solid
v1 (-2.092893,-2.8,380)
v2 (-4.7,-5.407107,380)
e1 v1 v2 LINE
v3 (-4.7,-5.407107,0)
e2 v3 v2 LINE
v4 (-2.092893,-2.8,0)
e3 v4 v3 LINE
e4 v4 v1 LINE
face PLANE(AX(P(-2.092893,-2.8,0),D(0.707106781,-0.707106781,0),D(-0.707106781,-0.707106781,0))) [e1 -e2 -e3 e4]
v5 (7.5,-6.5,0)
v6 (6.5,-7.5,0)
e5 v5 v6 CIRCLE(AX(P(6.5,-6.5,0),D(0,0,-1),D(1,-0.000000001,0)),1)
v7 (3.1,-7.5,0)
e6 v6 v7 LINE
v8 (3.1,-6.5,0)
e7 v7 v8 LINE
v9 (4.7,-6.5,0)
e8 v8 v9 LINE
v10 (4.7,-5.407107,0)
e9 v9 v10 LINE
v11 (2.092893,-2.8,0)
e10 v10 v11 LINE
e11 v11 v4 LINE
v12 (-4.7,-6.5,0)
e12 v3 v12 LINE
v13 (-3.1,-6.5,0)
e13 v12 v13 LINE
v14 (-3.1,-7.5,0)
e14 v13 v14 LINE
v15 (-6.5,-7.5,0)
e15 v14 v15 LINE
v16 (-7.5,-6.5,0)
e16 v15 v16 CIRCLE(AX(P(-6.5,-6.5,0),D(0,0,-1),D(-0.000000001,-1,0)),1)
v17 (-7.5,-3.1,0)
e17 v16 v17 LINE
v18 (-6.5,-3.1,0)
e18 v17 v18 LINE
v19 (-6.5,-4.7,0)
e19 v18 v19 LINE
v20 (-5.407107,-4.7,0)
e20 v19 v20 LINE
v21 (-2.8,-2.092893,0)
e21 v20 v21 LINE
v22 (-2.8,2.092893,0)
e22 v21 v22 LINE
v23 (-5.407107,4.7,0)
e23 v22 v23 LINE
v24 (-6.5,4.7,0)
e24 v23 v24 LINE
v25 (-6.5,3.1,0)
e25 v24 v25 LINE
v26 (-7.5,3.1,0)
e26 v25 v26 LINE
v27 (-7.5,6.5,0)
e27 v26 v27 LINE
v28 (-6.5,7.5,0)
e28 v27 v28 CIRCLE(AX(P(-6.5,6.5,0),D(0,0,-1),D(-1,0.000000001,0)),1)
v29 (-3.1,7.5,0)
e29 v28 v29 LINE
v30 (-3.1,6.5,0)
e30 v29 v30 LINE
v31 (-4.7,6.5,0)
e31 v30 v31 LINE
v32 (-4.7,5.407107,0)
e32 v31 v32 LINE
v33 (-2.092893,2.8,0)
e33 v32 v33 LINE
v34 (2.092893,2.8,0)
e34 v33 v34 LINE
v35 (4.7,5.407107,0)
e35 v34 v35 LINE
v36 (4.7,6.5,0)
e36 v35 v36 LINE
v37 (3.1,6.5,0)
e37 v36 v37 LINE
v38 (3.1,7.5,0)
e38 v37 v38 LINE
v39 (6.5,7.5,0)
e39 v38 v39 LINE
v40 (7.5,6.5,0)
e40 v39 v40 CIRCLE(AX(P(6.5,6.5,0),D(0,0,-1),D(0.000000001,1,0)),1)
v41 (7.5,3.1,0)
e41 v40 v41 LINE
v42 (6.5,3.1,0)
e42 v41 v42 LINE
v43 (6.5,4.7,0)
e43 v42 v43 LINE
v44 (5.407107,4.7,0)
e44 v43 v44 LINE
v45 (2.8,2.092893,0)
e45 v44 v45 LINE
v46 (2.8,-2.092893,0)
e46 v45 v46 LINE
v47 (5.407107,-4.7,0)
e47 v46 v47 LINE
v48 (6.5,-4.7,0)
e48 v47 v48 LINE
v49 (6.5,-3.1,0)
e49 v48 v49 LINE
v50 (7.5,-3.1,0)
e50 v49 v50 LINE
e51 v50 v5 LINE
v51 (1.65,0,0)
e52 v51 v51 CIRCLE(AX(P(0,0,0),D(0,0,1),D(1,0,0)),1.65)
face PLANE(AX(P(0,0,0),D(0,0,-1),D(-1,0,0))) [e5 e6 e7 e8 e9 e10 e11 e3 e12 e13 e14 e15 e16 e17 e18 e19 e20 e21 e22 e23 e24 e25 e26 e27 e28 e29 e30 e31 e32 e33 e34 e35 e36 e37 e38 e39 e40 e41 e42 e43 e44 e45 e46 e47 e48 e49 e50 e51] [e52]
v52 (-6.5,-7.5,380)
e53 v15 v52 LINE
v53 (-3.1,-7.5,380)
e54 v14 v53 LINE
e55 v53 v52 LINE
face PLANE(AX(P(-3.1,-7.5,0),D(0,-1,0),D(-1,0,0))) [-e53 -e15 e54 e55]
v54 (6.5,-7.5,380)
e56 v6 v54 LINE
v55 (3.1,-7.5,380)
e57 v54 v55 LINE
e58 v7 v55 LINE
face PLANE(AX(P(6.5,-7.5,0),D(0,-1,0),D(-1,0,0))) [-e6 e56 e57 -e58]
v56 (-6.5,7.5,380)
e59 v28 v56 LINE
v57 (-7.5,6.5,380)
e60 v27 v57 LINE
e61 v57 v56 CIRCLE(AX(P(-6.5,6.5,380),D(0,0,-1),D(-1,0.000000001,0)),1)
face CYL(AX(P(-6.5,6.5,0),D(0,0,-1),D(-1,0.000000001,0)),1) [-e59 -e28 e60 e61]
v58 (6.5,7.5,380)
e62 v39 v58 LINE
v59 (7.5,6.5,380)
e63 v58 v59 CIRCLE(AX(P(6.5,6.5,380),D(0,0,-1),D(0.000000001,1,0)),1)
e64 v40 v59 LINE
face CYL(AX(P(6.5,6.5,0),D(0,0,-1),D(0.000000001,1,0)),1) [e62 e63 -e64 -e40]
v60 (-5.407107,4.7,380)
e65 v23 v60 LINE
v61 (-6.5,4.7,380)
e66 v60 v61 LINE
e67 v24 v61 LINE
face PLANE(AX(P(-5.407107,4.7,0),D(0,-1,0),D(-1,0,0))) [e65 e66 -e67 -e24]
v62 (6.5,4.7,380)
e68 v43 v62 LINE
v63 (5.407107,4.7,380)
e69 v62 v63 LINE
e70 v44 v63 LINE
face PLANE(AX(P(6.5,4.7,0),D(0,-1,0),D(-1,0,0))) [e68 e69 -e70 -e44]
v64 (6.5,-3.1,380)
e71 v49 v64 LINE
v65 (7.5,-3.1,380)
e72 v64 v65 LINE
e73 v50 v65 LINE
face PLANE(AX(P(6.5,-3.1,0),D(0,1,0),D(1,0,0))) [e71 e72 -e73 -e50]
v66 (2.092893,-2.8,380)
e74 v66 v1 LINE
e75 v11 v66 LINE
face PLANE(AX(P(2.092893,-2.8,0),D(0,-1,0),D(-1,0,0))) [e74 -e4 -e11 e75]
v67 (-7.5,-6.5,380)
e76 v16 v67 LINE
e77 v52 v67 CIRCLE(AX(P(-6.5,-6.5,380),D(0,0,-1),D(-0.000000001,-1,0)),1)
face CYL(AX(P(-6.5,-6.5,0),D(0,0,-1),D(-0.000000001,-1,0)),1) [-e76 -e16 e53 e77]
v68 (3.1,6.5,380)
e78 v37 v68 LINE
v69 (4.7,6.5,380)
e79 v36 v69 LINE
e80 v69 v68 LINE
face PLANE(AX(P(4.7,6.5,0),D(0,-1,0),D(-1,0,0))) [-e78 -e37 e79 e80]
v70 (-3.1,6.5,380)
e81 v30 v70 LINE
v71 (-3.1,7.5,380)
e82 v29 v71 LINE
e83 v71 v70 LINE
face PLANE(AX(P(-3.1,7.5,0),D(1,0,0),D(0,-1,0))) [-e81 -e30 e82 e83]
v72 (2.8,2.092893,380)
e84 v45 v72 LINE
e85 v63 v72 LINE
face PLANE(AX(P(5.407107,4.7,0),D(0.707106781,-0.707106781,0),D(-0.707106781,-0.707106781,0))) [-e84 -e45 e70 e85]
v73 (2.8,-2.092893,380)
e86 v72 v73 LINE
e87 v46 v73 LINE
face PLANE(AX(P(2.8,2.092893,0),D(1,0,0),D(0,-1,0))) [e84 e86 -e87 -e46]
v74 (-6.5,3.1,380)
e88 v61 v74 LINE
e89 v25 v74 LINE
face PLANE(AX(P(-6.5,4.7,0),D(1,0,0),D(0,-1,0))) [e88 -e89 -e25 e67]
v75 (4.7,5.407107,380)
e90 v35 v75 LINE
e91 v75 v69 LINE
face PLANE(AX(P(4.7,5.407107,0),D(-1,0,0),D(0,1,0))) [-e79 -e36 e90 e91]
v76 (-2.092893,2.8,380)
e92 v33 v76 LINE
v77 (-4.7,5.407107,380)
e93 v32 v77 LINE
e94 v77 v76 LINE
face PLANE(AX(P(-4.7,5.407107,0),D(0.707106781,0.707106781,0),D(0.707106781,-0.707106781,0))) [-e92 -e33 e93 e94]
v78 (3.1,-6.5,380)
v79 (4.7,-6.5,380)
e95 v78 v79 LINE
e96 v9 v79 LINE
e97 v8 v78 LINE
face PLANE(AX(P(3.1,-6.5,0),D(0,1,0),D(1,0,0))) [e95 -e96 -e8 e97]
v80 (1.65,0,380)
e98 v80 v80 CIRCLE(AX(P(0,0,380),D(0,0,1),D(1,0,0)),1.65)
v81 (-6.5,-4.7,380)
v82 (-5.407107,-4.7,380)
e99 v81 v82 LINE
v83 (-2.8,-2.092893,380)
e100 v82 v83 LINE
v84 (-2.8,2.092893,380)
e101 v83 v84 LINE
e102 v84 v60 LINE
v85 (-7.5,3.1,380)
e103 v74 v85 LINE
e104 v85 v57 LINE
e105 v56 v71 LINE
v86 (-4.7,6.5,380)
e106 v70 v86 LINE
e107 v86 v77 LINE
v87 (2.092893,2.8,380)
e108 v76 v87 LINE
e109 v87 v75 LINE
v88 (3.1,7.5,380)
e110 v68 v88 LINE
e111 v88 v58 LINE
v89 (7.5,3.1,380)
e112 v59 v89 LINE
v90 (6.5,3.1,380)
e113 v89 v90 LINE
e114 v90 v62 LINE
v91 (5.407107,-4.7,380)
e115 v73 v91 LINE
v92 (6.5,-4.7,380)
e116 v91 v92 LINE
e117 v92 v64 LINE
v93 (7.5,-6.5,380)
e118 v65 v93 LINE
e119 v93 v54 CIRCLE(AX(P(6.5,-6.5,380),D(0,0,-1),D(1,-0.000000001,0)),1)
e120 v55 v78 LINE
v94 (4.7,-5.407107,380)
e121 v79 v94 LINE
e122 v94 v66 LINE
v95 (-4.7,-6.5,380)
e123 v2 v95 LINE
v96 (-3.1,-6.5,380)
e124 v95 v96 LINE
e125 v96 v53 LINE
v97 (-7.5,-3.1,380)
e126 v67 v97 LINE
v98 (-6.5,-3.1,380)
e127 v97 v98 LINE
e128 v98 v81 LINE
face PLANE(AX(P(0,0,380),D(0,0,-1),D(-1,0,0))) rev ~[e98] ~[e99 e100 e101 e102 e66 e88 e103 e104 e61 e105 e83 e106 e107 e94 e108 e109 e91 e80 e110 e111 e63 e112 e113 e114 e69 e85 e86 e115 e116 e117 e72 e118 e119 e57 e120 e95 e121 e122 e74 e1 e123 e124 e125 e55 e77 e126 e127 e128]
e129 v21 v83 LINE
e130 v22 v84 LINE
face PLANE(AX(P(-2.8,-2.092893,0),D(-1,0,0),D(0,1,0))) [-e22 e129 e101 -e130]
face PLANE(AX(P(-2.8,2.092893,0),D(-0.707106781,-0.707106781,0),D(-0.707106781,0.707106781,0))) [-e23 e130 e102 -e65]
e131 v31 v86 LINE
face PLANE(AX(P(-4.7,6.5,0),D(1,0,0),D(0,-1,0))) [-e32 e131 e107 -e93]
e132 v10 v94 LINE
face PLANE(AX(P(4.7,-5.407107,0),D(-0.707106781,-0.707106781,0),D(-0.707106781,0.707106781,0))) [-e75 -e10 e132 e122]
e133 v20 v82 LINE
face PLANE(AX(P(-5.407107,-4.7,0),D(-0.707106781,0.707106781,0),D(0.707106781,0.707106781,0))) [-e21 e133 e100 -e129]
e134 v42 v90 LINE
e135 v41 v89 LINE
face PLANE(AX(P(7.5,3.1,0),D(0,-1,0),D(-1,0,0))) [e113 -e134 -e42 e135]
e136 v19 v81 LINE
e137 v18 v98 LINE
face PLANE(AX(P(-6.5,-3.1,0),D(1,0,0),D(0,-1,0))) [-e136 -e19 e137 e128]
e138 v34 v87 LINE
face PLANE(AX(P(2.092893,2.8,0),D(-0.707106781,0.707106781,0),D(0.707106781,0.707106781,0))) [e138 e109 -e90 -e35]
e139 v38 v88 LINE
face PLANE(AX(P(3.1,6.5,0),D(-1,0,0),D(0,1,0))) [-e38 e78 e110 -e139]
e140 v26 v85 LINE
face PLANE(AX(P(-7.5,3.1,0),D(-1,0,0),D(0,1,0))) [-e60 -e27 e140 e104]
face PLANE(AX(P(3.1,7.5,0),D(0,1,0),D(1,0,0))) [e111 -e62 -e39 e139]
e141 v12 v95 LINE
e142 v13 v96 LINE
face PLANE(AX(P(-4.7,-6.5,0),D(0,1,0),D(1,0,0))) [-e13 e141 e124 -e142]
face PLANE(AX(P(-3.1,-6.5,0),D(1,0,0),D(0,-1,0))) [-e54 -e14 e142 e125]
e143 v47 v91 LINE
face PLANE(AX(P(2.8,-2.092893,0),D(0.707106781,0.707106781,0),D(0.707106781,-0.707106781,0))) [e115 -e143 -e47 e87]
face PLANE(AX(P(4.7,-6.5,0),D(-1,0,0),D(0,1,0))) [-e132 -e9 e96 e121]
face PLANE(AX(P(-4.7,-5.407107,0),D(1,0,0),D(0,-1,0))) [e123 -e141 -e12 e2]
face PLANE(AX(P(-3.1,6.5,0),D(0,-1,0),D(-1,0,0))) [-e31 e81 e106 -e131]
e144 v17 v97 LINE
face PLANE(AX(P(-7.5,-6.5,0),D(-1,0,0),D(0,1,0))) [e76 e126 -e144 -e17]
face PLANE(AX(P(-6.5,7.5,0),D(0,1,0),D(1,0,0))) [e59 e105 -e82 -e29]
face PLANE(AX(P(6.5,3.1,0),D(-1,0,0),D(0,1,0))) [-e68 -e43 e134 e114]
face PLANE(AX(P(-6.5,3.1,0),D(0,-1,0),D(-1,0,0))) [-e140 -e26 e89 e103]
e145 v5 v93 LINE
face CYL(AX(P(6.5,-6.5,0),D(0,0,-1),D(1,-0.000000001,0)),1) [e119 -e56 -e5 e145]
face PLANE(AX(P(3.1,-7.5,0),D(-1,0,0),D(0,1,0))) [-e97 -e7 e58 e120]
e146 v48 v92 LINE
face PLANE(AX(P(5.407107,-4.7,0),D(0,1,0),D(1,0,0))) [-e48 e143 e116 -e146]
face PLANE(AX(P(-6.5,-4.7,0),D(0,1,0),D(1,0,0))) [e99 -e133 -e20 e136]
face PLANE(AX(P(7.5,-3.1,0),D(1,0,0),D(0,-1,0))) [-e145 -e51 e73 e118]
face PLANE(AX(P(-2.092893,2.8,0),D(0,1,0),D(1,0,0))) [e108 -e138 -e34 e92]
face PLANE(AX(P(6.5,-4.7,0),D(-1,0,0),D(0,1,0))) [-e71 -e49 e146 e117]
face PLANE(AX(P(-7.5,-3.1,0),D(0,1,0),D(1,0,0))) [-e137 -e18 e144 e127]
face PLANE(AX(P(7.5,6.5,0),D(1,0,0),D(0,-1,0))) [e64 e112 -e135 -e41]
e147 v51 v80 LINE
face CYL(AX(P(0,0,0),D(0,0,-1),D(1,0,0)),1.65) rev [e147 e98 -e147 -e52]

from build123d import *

# Parameters (mm, degrees)
SKETCH_1_R      = 1.65
EXTRUDE_1_DEPTH = 380


with BuildPart() as part:
    # 草图1 → 凸台-拉伸1 (new body)
    with BuildSketch(Plane.XY):
        with BuildLine():
            Line((-2.092893219, 2.8), (2.092893219, 2.8))
            Line((2.092893219, 2.8), (4.7, 5.407106781))
            Line((4.7, 5.407106781), (4.7, 6.5))
            Line((4.7, 6.5), (3.1, 6.5))
            Line((3.1, 6.5), (3.1, 7.5))
            Line((3.1, 7.5), (6.5, 7.5))
            ThreePointArc((6.5, 7.5), (7.207106781, 7.207106781), (7.5, 6.5))
            Line((7.5, 6.5), (7.5, 3.1))
            Line((7.5, 3.1), (6.5, 3.1))
            Line((6.5, 3.1), (6.5, 4.7))
            Line((6.5, 4.7), (5.407106781, 4.7))
            Line((5.407106781, 4.7), (2.8, 2.092893219))
            Line((2.8, 2.092893219), (2.8, -2.092893219))
            Line((2.8, -2.092893219), (5.407106781, -4.7))
            Line((5.407106781, -4.7), (6.5, -4.7))
            Line((6.5, -4.7), (6.5, -3.1))
            Line((6.5, -3.1), (7.5, -3.1))
            Line((7.5, -3.1), (7.5, -6.5))
            ThreePointArc((7.5, -6.5), (7.207106781, -7.207106781), (6.5, -7.5))
            Line((6.5, -7.5), (3.1, -7.5))
            Line((3.1, -7.5), (3.1, -6.5))
            Line((3.1, -6.5), (4.7, -6.5))
            Line((4.7, -6.5), (4.7, -5.407106781))
            Line((4.7, -5.407106781), (2.092893219, -2.8))
            Line((2.092893219, -2.8), (-2.092893219, -2.8))
            Line((-2.092893219, -2.8), (-4.7, -5.407106781))
            Line((-4.7, -5.407106781), (-4.7, -6.5))
            Line((-4.7, -6.5), (-3.1, -6.5))
            Line((-3.1, -6.5), (-3.1, -7.5))
            Line((-3.1, -7.5), (-6.5, -7.5))
            ThreePointArc((-6.5, -7.5), (-7.207106781, -7.207106781), (-7.5, -6.5))
            Line((-7.5, -6.5), (-7.5, -3.1))
            Line((-7.5, -3.1), (-6.5, -3.1))
            Line((-6.5, -3.1), (-6.5, -4.7))
            Line((-6.5, -4.7), (-5.407106781, -4.7))
            Line((-5.407106781, -4.7), (-2.8, -2.092893219))
            Line((-2.8, -2.092893219), (-2.8, 2.092893219))
            Line((-2.8, 2.092893219), (-5.407106781, 4.7))
            Line((-5.407106781, 4.7), (-6.5, 4.7))
            Line((-6.5, 4.7), (-6.5, 3.1))
            Line((-6.5, 3.1), (-7.5, 3.1))
            Line((-7.5, 3.1), (-7.5, 6.5))
            ThreePointArc((-7.5, 6.5), (-7.207106781, 7.207106781), (-6.5, 7.5))
            Line((-6.5, 7.5), (-3.1, 7.5))
            Line((-3.1, 7.5), (-3.1, 6.5))
            Line((-3.1, 6.5), (-4.7, 6.5))
            Line((-4.7, 6.5), (-4.7, 5.407106781))
            Line((-4.7, 5.407106781), (-2.092893219, 2.8))
        make_face()
        Circle(SKETCH_1_R, mode=Mode.SUBTRACT)
    extrude(amount=EXTRUDE_1_DEPTH)


solid = part.part
